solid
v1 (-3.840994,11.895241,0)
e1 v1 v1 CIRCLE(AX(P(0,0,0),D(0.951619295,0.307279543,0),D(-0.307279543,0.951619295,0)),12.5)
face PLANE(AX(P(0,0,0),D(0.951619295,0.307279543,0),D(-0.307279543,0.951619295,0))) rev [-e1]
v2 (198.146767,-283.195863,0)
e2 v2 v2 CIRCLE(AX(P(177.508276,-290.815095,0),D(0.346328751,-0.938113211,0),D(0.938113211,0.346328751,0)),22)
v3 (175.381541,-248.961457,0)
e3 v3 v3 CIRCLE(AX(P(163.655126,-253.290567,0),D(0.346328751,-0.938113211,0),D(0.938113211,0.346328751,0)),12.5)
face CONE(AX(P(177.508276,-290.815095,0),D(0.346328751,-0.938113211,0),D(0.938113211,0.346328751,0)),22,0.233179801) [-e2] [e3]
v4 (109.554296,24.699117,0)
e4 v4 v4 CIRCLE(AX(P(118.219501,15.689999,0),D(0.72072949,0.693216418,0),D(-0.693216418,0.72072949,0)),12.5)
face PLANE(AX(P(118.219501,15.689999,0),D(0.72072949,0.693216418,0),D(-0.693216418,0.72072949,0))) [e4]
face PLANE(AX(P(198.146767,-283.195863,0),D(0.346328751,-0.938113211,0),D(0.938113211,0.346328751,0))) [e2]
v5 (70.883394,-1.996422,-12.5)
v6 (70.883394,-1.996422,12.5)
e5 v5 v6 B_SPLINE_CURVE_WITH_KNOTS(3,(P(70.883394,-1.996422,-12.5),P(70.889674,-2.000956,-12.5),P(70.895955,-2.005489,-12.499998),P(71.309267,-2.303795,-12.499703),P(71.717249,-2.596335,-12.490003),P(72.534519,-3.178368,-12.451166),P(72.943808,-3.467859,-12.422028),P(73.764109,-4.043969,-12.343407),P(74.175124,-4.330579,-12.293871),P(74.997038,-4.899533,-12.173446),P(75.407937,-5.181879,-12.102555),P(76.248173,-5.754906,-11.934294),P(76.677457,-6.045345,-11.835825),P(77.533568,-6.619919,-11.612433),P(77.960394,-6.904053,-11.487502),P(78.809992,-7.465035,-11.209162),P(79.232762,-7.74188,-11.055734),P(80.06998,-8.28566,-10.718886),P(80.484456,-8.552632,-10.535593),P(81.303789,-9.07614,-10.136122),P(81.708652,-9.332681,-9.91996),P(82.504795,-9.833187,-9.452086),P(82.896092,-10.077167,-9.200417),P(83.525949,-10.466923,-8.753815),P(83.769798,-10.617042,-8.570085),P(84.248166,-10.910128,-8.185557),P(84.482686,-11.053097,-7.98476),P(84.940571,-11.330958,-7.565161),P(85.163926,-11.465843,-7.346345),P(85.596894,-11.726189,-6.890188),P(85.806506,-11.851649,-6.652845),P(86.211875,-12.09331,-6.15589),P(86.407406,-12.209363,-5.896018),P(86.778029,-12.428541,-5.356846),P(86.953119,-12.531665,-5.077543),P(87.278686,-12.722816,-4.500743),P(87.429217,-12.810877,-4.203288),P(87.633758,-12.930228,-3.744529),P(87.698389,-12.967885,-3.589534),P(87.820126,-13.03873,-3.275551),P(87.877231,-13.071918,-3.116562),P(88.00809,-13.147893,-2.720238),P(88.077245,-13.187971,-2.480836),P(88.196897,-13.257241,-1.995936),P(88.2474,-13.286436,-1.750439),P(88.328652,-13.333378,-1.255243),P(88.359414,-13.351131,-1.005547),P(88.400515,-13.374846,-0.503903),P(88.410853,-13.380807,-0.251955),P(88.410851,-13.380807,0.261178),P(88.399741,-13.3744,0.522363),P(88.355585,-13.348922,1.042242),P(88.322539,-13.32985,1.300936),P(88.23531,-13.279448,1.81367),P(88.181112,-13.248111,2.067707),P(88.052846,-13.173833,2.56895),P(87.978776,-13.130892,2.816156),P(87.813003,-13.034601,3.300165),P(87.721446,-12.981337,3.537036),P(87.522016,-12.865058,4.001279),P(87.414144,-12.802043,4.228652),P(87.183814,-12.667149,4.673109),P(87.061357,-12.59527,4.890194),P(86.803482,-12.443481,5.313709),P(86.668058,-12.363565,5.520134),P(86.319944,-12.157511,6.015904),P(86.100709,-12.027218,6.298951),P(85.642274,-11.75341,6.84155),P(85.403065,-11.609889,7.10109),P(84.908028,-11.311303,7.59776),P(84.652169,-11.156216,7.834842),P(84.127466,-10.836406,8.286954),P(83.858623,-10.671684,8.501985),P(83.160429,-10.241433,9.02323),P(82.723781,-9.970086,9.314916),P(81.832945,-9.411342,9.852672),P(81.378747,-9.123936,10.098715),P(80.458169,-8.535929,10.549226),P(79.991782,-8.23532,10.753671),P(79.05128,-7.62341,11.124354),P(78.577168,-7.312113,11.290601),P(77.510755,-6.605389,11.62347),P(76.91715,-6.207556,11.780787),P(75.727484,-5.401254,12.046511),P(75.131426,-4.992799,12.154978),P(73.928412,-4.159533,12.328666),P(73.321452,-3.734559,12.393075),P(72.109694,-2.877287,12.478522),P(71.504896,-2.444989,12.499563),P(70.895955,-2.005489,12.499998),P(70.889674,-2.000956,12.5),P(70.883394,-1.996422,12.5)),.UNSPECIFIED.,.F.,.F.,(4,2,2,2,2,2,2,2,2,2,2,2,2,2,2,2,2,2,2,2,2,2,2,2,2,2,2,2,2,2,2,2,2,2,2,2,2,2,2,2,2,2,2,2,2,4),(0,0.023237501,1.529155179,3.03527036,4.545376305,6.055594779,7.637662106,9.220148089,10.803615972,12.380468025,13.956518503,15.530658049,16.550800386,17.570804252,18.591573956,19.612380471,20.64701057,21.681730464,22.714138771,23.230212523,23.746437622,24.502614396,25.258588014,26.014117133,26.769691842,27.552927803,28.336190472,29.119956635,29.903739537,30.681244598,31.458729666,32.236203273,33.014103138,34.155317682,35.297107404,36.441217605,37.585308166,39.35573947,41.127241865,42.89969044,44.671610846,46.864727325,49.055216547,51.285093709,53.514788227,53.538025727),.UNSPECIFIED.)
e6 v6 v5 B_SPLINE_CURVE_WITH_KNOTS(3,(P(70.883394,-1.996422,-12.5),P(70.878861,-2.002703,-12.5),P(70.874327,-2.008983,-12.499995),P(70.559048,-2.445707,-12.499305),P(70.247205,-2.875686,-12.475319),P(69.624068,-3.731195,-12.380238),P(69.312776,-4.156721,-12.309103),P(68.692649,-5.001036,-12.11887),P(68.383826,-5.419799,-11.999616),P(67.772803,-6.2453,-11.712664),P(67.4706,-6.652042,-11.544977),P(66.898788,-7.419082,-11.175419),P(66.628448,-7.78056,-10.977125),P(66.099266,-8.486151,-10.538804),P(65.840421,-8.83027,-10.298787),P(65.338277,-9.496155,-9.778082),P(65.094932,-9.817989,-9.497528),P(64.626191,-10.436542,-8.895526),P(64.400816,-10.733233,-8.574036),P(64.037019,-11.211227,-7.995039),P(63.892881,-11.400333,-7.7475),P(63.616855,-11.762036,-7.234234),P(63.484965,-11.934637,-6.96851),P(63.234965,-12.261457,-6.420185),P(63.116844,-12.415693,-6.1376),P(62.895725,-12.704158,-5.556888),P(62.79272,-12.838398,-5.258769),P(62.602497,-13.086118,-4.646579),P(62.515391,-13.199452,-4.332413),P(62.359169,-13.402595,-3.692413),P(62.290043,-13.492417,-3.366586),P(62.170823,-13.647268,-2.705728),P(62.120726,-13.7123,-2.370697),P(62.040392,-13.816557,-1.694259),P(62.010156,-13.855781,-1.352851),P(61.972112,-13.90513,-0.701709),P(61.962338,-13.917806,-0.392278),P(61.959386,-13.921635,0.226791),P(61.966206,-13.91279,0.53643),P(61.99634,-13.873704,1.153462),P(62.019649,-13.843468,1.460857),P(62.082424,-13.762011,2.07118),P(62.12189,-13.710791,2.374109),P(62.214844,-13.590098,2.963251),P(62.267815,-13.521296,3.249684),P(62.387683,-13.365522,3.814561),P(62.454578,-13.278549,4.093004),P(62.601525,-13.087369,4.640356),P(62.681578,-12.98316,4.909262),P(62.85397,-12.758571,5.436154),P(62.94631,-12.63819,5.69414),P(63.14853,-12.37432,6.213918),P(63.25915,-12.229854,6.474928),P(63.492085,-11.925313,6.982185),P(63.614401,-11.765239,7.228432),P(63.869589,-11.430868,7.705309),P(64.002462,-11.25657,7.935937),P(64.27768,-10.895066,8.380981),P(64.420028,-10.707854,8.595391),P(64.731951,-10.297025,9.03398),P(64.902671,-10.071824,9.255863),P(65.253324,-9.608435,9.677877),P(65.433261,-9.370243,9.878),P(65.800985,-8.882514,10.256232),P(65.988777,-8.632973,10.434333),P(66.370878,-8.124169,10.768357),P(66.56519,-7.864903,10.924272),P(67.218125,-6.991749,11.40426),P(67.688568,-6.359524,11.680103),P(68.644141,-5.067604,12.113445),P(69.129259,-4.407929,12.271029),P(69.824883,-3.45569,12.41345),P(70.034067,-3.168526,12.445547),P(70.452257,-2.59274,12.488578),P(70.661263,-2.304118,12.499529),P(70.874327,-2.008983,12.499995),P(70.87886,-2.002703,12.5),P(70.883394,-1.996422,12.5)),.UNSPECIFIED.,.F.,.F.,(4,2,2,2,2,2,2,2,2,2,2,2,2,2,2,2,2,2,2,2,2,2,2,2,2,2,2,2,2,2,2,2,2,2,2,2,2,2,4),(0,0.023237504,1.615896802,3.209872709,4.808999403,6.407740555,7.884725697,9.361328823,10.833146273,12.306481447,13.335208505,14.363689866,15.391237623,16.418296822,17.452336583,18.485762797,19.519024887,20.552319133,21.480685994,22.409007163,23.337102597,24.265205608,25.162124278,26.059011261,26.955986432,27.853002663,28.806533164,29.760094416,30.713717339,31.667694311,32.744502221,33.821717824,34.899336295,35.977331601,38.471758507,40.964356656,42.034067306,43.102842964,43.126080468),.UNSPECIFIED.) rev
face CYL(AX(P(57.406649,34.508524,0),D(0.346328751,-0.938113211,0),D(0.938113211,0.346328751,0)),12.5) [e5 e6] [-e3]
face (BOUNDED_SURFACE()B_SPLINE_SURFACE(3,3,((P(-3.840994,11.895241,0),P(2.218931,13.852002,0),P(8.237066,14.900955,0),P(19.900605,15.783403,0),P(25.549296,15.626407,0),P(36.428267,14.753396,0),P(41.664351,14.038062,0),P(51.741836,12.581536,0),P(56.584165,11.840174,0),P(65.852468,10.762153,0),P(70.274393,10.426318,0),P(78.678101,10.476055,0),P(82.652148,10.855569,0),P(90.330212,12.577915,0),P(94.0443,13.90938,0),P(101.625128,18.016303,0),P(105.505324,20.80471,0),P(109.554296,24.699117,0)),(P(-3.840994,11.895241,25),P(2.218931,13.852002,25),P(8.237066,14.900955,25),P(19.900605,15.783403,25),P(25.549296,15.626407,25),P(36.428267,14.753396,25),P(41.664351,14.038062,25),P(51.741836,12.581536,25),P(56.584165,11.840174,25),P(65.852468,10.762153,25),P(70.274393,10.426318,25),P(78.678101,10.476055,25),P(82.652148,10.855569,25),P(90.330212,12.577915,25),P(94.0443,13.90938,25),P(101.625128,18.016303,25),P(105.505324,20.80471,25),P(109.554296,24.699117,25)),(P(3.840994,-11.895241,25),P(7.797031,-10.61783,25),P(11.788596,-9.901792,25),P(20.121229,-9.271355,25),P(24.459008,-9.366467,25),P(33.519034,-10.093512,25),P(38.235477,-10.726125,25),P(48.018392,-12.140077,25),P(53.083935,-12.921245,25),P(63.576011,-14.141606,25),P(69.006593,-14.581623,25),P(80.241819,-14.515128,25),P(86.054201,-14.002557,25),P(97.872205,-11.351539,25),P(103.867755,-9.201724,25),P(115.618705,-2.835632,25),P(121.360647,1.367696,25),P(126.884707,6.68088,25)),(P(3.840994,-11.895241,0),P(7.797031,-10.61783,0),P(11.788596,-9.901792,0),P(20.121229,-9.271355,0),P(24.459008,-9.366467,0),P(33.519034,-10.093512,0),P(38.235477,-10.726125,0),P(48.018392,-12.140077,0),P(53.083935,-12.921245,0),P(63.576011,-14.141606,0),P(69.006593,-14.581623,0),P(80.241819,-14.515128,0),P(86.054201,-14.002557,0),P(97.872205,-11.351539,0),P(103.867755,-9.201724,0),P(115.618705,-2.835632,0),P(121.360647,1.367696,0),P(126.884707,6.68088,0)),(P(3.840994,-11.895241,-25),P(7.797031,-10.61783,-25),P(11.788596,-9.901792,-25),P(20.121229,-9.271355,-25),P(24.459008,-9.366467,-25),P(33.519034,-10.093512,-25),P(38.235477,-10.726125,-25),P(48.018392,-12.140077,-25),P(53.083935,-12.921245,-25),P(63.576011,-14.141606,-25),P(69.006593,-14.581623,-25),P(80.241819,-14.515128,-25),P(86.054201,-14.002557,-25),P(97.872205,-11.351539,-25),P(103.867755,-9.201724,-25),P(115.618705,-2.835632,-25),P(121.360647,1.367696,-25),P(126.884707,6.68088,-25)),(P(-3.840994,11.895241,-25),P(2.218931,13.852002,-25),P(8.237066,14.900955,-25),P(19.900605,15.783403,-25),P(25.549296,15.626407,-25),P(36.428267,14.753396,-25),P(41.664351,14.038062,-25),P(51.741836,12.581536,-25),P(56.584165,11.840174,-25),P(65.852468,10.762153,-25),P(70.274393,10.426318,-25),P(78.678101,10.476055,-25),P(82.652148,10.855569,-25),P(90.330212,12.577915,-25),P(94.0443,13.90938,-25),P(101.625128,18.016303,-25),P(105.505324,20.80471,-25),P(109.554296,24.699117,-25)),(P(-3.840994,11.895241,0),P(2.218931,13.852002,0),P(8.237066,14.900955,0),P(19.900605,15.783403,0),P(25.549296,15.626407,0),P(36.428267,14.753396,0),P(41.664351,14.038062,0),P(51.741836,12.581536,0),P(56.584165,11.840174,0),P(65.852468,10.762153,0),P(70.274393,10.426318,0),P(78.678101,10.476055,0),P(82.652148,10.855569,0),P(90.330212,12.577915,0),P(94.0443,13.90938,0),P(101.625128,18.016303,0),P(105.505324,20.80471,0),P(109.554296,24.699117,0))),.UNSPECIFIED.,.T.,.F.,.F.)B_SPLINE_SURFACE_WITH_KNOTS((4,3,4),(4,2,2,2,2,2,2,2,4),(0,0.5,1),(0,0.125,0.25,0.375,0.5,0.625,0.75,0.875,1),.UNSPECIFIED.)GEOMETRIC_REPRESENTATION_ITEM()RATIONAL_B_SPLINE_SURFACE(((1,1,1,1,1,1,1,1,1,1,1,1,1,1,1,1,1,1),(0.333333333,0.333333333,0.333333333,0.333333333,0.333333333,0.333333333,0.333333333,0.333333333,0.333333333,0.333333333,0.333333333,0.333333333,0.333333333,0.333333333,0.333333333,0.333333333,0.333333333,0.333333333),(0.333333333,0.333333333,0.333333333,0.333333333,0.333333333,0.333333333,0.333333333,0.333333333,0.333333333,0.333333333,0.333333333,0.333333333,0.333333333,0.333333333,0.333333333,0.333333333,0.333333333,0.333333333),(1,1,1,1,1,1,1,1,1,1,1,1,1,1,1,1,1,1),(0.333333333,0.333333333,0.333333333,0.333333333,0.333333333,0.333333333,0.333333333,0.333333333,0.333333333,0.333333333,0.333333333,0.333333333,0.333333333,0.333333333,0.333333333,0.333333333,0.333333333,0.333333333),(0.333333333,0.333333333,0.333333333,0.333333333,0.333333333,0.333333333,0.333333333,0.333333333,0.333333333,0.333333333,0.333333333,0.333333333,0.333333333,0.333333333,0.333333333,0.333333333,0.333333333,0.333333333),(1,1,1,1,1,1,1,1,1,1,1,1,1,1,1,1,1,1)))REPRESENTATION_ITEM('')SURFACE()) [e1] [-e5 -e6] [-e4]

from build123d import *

# Parameters (mm, degrees)
CROQUIS8_R              = 12.5
SALIENTE_EXTRUIR1_REACH = 326.791
CROQUIS11_R             = 12.5


with BuildPart() as part:
    # Barrer2: sweep along a path in Croquis7
    with BuildLine() as barrer2_path:  # in the path sketch's own coordinates; laid on its plane below (add() does not lay a ready-made edge on the line's plane)
        add(Edge.make_bspline(
            [(0, 0), (40.063845147, 12.936685998), (79.927373916, -21.140368078), (118.219501425, 15.689998663)],
            knots=[0, 0, 0, 0, 1, 1, 1, 1], degree=3))
    # Croquis8 → Barrer2 (sweep)
    with BuildSketch(Plane(origin=(0, 0, 0), x_dir=(0, 0, -1), z_dir=(0.9516192950583919, 0.30727954255460815, 0))):
        Circle(CROQUIS8_R)
    sweep(path=Plane.XY * barrer2_path.line)

    # Croquis11 → Saliente-Extruir1 (add, up to next)
    with BuildSketch(Plane(origin=(163.655125908, -253.290566887, 0), x_dir=(0.9381132106931296, 0.34632875122205475, 0), z_dir=(-0.34632875122205475, 0.9381132106931296, 0)), mode=Mode.PRIVATE) as saliente_extruir1_sk1:
        with Locations(Location((0, 0, 0), (0, 0, 90))):
            Circle(CROQUIS11_R)
    saliente_extruir1_tool1 = extrude(saliente_extruir1_sk1.sketch, amount=SALIENTE_EXTRUIR1_REACH, mode=Mode.PRIVATE) - part.part
    add(saliente_extruir1_tool1.solids().sort_by_distance((163.655126, -253.290567, 0))[0])

    # Croquis12 → Revolución3 (revolve)
    with BuildSketch(Plane.XY):
        Polygon((163.655125908, -253.290566887), (175.381541042, -248.961457497), (198.146766592, -283.195862788), (177.508275957, -290.815095315), align=None)
    revolve(axis=Axis((177.508275957, -290.815095315, 0), (-0.34632875122205564, 0.9381132106931294, 0)))


solid = part.part
